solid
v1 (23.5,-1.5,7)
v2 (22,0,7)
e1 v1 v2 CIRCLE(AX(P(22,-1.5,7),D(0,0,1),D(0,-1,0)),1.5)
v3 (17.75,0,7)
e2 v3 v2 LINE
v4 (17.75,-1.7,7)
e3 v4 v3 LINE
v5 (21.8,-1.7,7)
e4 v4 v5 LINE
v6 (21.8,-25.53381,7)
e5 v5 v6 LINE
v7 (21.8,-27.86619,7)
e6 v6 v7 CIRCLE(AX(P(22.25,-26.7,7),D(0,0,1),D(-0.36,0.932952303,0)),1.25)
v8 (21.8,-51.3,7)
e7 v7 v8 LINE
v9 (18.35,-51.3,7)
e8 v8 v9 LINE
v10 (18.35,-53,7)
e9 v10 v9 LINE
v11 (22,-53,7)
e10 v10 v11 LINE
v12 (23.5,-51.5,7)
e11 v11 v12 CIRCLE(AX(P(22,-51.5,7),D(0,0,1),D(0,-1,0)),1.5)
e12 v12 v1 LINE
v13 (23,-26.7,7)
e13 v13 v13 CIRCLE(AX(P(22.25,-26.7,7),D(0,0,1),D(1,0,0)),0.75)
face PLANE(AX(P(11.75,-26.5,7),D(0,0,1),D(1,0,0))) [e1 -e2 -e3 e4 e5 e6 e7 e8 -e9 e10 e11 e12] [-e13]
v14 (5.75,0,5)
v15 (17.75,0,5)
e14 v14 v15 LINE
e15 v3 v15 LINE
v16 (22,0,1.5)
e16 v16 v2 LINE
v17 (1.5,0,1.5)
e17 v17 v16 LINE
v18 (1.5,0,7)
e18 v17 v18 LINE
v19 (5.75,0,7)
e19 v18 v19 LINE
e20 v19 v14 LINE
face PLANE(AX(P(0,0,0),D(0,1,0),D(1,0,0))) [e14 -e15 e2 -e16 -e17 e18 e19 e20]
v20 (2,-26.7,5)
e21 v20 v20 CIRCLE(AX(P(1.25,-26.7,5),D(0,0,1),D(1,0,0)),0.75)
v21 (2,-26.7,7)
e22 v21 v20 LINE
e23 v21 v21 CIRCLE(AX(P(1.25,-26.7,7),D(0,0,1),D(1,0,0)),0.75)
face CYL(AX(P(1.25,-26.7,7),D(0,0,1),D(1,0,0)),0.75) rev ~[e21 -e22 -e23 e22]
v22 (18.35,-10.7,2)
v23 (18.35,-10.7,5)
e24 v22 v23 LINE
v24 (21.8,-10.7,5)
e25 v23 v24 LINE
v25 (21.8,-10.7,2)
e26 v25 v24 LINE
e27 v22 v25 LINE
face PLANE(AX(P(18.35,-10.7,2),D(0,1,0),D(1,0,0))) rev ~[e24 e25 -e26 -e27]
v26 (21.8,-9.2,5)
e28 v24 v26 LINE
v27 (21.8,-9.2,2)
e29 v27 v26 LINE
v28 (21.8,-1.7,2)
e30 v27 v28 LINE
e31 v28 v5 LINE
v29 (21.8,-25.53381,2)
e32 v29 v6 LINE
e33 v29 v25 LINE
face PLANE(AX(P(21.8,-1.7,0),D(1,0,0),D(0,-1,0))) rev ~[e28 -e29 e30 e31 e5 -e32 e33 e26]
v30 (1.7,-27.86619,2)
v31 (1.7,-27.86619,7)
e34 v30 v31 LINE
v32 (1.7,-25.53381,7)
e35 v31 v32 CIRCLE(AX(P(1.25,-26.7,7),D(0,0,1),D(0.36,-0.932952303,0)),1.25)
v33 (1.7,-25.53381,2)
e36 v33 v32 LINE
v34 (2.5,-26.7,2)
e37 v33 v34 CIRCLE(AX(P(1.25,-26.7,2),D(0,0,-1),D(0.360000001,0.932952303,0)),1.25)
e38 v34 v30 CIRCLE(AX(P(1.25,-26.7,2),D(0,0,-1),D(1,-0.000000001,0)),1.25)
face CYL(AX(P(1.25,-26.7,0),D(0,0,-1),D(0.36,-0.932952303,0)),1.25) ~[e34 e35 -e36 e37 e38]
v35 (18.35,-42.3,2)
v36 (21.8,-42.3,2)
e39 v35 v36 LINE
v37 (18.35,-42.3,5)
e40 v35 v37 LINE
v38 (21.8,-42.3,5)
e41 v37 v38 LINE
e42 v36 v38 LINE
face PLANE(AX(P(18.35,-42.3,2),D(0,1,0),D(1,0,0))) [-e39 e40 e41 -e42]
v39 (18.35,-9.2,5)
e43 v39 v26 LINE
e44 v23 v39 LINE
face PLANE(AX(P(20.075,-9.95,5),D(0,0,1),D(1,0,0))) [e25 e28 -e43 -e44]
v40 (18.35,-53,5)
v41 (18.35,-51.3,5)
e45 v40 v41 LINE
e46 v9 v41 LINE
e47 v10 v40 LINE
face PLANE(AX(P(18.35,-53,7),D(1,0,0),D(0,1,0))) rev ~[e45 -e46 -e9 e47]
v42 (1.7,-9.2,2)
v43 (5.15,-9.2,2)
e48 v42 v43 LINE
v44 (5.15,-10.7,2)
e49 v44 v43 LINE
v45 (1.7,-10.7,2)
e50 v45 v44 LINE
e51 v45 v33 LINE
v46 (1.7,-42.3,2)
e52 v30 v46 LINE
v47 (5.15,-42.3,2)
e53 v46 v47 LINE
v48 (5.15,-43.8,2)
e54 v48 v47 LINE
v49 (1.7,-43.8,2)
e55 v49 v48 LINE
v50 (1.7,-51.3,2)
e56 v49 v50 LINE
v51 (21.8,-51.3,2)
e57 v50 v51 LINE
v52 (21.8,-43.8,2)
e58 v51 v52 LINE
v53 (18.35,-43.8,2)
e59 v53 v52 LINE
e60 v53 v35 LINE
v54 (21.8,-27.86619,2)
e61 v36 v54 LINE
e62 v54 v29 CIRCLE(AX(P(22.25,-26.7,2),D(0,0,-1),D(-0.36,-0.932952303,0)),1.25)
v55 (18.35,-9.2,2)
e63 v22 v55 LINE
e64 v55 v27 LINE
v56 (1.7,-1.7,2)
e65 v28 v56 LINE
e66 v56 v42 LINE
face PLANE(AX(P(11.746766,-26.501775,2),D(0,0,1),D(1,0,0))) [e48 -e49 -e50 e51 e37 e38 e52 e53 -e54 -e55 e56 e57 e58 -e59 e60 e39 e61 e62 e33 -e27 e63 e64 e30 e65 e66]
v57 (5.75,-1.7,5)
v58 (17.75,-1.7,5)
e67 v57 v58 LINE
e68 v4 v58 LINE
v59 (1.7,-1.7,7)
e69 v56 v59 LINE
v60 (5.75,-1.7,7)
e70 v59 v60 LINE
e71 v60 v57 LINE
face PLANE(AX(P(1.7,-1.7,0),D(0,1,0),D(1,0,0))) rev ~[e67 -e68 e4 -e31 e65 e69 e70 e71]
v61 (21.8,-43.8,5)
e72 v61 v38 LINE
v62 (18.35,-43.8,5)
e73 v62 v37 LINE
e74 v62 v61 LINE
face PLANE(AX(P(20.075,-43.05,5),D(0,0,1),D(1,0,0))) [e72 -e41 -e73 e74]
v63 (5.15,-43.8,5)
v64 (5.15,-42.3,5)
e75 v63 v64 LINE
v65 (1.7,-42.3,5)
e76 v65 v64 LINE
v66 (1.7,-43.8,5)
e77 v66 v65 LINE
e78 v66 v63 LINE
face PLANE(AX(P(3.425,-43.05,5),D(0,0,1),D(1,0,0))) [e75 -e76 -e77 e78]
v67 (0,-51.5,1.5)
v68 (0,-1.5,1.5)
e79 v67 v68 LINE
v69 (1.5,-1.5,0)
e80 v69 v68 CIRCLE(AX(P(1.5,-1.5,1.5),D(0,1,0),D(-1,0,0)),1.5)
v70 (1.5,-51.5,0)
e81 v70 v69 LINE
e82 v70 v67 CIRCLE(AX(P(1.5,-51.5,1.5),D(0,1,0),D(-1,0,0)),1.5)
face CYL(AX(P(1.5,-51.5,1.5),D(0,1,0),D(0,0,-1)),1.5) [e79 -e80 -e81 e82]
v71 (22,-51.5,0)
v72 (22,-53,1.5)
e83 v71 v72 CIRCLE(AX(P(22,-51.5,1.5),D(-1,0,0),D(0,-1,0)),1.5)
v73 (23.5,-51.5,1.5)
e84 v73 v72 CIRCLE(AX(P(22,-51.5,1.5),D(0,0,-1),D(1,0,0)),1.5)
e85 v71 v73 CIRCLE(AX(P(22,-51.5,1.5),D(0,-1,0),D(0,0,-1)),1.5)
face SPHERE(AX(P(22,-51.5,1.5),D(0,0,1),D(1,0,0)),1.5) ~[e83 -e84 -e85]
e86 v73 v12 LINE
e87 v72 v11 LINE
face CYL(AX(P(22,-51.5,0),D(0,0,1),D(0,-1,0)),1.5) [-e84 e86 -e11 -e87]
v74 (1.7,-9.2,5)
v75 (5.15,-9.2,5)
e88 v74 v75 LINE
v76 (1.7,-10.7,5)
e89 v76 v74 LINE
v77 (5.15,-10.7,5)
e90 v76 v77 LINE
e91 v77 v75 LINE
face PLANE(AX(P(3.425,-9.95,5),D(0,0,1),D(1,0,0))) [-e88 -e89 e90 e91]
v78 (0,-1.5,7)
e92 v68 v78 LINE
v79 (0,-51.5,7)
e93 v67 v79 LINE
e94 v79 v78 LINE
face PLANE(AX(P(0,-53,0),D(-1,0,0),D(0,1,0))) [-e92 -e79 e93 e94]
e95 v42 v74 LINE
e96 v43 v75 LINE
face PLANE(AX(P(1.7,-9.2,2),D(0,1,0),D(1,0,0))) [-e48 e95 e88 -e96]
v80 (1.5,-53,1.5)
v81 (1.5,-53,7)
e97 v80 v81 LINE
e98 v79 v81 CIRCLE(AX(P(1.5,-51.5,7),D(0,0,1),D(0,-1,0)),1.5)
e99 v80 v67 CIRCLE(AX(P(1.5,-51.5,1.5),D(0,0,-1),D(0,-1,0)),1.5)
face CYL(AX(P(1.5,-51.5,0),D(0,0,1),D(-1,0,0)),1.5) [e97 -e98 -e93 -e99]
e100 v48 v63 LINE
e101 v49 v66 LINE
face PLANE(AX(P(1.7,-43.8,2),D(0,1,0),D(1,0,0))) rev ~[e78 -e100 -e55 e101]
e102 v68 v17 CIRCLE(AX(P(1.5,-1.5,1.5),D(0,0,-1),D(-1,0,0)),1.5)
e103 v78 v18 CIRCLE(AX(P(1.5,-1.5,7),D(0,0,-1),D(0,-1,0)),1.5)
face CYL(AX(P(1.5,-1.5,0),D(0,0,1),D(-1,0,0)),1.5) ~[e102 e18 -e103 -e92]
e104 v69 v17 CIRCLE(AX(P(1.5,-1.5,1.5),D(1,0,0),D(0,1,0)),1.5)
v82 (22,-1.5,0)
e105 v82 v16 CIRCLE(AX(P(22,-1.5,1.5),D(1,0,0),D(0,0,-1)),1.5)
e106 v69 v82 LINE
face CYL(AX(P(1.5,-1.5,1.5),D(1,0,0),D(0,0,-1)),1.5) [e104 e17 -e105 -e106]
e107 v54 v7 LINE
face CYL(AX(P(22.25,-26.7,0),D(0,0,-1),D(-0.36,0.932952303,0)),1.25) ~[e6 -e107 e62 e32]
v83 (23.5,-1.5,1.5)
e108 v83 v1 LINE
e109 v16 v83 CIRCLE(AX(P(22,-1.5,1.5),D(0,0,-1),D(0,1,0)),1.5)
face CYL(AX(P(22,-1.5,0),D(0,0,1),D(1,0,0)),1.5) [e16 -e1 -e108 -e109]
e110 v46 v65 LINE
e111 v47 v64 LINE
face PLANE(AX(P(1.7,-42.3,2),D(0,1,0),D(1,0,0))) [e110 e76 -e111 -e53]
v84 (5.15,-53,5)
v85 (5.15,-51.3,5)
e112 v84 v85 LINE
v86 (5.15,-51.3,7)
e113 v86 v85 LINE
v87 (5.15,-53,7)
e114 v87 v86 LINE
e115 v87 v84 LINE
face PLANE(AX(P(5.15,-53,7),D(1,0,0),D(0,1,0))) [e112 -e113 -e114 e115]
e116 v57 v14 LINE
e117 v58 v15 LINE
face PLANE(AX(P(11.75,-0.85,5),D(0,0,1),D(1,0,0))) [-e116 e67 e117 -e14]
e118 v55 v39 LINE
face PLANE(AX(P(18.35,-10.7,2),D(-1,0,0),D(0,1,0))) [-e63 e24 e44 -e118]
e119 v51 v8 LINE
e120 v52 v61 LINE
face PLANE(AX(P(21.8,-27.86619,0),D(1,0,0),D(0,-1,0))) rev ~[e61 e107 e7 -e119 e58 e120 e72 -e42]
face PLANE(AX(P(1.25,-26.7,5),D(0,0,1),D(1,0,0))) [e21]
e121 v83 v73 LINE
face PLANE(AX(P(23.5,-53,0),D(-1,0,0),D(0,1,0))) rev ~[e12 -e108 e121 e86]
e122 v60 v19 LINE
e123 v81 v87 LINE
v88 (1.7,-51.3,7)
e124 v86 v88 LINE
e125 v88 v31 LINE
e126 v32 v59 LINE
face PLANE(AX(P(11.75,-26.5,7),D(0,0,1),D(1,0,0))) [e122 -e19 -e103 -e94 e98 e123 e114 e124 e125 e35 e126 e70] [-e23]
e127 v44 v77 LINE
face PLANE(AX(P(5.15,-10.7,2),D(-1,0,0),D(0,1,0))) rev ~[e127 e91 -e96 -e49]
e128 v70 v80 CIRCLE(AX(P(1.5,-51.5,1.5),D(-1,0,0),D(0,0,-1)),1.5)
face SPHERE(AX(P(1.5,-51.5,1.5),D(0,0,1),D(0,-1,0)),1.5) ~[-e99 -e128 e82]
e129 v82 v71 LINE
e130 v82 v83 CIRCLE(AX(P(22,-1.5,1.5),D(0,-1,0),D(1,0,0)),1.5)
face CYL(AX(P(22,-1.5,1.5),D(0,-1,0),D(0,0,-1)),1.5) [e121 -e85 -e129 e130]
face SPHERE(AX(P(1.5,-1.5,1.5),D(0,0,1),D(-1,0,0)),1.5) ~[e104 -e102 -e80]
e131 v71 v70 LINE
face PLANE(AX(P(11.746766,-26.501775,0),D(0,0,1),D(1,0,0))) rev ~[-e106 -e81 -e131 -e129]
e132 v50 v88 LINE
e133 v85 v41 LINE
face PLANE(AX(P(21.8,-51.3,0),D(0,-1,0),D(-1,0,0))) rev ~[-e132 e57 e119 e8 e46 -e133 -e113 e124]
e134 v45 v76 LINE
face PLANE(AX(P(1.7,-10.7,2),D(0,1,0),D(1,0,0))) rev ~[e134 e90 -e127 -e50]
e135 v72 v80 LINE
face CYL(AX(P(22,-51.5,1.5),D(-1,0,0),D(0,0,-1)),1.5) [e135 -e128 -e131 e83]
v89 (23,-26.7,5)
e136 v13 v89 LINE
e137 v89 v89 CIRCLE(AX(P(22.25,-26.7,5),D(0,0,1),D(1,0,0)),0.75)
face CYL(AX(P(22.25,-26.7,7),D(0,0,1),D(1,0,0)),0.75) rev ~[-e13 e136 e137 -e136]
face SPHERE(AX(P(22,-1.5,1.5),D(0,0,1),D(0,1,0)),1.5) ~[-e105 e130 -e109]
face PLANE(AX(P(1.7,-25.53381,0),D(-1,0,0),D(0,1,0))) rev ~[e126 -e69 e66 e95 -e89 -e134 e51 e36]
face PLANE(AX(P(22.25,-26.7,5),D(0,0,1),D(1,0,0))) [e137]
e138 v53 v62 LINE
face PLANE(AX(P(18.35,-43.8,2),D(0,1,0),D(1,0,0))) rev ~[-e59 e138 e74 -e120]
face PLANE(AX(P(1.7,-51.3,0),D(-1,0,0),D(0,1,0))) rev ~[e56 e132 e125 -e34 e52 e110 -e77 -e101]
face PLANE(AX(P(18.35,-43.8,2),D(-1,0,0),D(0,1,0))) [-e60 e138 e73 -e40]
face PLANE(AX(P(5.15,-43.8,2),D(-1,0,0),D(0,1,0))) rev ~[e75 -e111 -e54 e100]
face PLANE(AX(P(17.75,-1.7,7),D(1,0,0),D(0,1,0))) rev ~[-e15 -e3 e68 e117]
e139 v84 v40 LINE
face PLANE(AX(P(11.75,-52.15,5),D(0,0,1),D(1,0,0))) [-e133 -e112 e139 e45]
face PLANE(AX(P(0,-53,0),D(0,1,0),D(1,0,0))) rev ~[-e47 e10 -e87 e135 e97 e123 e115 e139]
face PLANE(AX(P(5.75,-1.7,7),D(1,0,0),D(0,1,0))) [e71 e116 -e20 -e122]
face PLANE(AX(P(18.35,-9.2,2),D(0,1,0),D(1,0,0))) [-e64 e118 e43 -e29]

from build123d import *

# Parameters (mm, degrees)
SKETCH_1_W          = 23.5
SKETCH_1_H          = 53
EXTRUDE_1_DEPTH     = 7
EXTRUDE_2_DEPTH     = 2
SKETCH_2_W          = 3.45
SKETCH_2_H          = 1.5
EXTRUDE_3_DEPTH     = 3
SKETCH_3_R          = 0.75
SKETCH_3_W          = 13.2
SKETCH_3_H          = 1.7
SKETCH_3_W_2        = 12
CUT_EXTRUDE_1_DEPTH = 2
FILLET_1_R          = 1.5
FILLET_2_R          = 1.5


with BuildPart() as part:
    # 草图1 → 凸台-拉伸1 (new body)
    with BuildSketch(Plane.XY):
        with Locations((11.75, -26.5)):
            Rectangle(SKETCH_1_W, SKETCH_1_H)
        with BuildLine():
            Line((21.8, -1.7), (21.8, -25.533809621))
            ThreePointArc((21.8, -25.533809621), (21, -26.7), (21.8, -27.866190379))
            Line((21.8, -27.866190379), (21.8, -51.3))
            Line((21.8, -51.3), (1.7, -51.3))
            Line((1.7, -51.3), (1.7, -27.866190379))
            ThreePointArc((1.7, -27.866190379), (2.5, -26.7), (1.7, -25.533809621))
            Line((1.7, -25.533809621), (1.7, -1.7))
            Line((1.7, -1.7), (21.8, -1.7))
        make_face(mode=Mode.SUBTRACT)
    extrude(amount=EXTRUDE_1_DEPTH)

    # 草图1<2> → 凸台-拉伸2 (add)
    with BuildSketch(Plane.XY):
        with BuildLine():
            Line((1.7, -1.7), (1.7, -25.533809621))
            ThreePointArc((1.7, -25.533809621), (2.280776406, -25.992893219), (2.5, -26.7))
            ThreePointArc((2.5, -26.7), (2.280776406, -27.407106781), (1.7, -27.866190379))
            Line((1.7, -27.866190379), (1.7, -51.3))
            Line((1.7, -51.3), (21.8, -51.3))
            Line((21.8, -51.3), (21.8, -27.866190379))
            ThreePointArc((21.8, -27.866190379), (21, -26.7), (21.8, -25.533809621))
            Line((21.8, -25.533809621), (21.8, -1.7))
            Line((21.8, -1.7), (1.7, -1.7))
        make_face()
    extrude(amount=EXTRUDE_2_DEPTH)

    # 草图2 → 凸台-拉伸3 (add)
    with BuildSketch(Plane.XY.offset(2)):
        with Locations((3.425, -43.05)):
            Rectangle(SKETCH_2_W, SKETCH_2_H)
        with Locations((20.075, -43.05)):
            Rectangle(SKETCH_2_W, SKETCH_2_H)
        with Locations((3.425, -9.95)):
            Rectangle(SKETCH_2_W, SKETCH_2_H)
        with Locations((20.075, -9.95)):
            Rectangle(SKETCH_2_W, SKETCH_2_H)
    extrude(amount=EXTRUDE_3_DEPTH)

    # 草图3 → 切除-拉伸1 (cut)
    with BuildSketch(Plane.XY.offset(7)):
        with Locations((22.25, -26.7)):
            Circle(SKETCH_3_R)
        with Locations((1.25, -26.7)):
            Circle(SKETCH_3_R)
        with Locations((11.75, -52.15)):
            Rectangle(SKETCH_3_W, SKETCH_3_H)
        with Locations((11.75, -0.85)):
            Rectangle(SKETCH_3_W_2, SKETCH_3_H)
    extrude(amount=-CUT_EXTRUDE_1_DEPTH, mode=Mode.SUBTRACT)

    # 圆角1
    fillet_1_edges = [part.edges().sort_by_distance(p)[0] for p in [
        (0, 0, 3.5),
        (23.5, 0, 3.5),
        (23.5, -53, 3.5),
        (0, -53, 3.5),
    ]]
    fillet(fillet_1_edges, radius=FILLET_1_R)

    # 圆角2
    fillet_2_edges = [part.edges().sort_by_distance(p)[0] for p in [
        (0.439339828, -0.439339828, 0),
        (11.75, 0, 0),
        (23.060660172, -0.439339828, 0),
        (23.5, -26.5, 0),
        (23.060660172, -52.560660172, 0),
        (11.75, -53, 0),
        (0.439339828, -52.560660172, 0),
        (0, -26.5, 0),
    ]]
    fillet(fillet_2_edges, radius=FILLET_2_R)


solid = part.part
